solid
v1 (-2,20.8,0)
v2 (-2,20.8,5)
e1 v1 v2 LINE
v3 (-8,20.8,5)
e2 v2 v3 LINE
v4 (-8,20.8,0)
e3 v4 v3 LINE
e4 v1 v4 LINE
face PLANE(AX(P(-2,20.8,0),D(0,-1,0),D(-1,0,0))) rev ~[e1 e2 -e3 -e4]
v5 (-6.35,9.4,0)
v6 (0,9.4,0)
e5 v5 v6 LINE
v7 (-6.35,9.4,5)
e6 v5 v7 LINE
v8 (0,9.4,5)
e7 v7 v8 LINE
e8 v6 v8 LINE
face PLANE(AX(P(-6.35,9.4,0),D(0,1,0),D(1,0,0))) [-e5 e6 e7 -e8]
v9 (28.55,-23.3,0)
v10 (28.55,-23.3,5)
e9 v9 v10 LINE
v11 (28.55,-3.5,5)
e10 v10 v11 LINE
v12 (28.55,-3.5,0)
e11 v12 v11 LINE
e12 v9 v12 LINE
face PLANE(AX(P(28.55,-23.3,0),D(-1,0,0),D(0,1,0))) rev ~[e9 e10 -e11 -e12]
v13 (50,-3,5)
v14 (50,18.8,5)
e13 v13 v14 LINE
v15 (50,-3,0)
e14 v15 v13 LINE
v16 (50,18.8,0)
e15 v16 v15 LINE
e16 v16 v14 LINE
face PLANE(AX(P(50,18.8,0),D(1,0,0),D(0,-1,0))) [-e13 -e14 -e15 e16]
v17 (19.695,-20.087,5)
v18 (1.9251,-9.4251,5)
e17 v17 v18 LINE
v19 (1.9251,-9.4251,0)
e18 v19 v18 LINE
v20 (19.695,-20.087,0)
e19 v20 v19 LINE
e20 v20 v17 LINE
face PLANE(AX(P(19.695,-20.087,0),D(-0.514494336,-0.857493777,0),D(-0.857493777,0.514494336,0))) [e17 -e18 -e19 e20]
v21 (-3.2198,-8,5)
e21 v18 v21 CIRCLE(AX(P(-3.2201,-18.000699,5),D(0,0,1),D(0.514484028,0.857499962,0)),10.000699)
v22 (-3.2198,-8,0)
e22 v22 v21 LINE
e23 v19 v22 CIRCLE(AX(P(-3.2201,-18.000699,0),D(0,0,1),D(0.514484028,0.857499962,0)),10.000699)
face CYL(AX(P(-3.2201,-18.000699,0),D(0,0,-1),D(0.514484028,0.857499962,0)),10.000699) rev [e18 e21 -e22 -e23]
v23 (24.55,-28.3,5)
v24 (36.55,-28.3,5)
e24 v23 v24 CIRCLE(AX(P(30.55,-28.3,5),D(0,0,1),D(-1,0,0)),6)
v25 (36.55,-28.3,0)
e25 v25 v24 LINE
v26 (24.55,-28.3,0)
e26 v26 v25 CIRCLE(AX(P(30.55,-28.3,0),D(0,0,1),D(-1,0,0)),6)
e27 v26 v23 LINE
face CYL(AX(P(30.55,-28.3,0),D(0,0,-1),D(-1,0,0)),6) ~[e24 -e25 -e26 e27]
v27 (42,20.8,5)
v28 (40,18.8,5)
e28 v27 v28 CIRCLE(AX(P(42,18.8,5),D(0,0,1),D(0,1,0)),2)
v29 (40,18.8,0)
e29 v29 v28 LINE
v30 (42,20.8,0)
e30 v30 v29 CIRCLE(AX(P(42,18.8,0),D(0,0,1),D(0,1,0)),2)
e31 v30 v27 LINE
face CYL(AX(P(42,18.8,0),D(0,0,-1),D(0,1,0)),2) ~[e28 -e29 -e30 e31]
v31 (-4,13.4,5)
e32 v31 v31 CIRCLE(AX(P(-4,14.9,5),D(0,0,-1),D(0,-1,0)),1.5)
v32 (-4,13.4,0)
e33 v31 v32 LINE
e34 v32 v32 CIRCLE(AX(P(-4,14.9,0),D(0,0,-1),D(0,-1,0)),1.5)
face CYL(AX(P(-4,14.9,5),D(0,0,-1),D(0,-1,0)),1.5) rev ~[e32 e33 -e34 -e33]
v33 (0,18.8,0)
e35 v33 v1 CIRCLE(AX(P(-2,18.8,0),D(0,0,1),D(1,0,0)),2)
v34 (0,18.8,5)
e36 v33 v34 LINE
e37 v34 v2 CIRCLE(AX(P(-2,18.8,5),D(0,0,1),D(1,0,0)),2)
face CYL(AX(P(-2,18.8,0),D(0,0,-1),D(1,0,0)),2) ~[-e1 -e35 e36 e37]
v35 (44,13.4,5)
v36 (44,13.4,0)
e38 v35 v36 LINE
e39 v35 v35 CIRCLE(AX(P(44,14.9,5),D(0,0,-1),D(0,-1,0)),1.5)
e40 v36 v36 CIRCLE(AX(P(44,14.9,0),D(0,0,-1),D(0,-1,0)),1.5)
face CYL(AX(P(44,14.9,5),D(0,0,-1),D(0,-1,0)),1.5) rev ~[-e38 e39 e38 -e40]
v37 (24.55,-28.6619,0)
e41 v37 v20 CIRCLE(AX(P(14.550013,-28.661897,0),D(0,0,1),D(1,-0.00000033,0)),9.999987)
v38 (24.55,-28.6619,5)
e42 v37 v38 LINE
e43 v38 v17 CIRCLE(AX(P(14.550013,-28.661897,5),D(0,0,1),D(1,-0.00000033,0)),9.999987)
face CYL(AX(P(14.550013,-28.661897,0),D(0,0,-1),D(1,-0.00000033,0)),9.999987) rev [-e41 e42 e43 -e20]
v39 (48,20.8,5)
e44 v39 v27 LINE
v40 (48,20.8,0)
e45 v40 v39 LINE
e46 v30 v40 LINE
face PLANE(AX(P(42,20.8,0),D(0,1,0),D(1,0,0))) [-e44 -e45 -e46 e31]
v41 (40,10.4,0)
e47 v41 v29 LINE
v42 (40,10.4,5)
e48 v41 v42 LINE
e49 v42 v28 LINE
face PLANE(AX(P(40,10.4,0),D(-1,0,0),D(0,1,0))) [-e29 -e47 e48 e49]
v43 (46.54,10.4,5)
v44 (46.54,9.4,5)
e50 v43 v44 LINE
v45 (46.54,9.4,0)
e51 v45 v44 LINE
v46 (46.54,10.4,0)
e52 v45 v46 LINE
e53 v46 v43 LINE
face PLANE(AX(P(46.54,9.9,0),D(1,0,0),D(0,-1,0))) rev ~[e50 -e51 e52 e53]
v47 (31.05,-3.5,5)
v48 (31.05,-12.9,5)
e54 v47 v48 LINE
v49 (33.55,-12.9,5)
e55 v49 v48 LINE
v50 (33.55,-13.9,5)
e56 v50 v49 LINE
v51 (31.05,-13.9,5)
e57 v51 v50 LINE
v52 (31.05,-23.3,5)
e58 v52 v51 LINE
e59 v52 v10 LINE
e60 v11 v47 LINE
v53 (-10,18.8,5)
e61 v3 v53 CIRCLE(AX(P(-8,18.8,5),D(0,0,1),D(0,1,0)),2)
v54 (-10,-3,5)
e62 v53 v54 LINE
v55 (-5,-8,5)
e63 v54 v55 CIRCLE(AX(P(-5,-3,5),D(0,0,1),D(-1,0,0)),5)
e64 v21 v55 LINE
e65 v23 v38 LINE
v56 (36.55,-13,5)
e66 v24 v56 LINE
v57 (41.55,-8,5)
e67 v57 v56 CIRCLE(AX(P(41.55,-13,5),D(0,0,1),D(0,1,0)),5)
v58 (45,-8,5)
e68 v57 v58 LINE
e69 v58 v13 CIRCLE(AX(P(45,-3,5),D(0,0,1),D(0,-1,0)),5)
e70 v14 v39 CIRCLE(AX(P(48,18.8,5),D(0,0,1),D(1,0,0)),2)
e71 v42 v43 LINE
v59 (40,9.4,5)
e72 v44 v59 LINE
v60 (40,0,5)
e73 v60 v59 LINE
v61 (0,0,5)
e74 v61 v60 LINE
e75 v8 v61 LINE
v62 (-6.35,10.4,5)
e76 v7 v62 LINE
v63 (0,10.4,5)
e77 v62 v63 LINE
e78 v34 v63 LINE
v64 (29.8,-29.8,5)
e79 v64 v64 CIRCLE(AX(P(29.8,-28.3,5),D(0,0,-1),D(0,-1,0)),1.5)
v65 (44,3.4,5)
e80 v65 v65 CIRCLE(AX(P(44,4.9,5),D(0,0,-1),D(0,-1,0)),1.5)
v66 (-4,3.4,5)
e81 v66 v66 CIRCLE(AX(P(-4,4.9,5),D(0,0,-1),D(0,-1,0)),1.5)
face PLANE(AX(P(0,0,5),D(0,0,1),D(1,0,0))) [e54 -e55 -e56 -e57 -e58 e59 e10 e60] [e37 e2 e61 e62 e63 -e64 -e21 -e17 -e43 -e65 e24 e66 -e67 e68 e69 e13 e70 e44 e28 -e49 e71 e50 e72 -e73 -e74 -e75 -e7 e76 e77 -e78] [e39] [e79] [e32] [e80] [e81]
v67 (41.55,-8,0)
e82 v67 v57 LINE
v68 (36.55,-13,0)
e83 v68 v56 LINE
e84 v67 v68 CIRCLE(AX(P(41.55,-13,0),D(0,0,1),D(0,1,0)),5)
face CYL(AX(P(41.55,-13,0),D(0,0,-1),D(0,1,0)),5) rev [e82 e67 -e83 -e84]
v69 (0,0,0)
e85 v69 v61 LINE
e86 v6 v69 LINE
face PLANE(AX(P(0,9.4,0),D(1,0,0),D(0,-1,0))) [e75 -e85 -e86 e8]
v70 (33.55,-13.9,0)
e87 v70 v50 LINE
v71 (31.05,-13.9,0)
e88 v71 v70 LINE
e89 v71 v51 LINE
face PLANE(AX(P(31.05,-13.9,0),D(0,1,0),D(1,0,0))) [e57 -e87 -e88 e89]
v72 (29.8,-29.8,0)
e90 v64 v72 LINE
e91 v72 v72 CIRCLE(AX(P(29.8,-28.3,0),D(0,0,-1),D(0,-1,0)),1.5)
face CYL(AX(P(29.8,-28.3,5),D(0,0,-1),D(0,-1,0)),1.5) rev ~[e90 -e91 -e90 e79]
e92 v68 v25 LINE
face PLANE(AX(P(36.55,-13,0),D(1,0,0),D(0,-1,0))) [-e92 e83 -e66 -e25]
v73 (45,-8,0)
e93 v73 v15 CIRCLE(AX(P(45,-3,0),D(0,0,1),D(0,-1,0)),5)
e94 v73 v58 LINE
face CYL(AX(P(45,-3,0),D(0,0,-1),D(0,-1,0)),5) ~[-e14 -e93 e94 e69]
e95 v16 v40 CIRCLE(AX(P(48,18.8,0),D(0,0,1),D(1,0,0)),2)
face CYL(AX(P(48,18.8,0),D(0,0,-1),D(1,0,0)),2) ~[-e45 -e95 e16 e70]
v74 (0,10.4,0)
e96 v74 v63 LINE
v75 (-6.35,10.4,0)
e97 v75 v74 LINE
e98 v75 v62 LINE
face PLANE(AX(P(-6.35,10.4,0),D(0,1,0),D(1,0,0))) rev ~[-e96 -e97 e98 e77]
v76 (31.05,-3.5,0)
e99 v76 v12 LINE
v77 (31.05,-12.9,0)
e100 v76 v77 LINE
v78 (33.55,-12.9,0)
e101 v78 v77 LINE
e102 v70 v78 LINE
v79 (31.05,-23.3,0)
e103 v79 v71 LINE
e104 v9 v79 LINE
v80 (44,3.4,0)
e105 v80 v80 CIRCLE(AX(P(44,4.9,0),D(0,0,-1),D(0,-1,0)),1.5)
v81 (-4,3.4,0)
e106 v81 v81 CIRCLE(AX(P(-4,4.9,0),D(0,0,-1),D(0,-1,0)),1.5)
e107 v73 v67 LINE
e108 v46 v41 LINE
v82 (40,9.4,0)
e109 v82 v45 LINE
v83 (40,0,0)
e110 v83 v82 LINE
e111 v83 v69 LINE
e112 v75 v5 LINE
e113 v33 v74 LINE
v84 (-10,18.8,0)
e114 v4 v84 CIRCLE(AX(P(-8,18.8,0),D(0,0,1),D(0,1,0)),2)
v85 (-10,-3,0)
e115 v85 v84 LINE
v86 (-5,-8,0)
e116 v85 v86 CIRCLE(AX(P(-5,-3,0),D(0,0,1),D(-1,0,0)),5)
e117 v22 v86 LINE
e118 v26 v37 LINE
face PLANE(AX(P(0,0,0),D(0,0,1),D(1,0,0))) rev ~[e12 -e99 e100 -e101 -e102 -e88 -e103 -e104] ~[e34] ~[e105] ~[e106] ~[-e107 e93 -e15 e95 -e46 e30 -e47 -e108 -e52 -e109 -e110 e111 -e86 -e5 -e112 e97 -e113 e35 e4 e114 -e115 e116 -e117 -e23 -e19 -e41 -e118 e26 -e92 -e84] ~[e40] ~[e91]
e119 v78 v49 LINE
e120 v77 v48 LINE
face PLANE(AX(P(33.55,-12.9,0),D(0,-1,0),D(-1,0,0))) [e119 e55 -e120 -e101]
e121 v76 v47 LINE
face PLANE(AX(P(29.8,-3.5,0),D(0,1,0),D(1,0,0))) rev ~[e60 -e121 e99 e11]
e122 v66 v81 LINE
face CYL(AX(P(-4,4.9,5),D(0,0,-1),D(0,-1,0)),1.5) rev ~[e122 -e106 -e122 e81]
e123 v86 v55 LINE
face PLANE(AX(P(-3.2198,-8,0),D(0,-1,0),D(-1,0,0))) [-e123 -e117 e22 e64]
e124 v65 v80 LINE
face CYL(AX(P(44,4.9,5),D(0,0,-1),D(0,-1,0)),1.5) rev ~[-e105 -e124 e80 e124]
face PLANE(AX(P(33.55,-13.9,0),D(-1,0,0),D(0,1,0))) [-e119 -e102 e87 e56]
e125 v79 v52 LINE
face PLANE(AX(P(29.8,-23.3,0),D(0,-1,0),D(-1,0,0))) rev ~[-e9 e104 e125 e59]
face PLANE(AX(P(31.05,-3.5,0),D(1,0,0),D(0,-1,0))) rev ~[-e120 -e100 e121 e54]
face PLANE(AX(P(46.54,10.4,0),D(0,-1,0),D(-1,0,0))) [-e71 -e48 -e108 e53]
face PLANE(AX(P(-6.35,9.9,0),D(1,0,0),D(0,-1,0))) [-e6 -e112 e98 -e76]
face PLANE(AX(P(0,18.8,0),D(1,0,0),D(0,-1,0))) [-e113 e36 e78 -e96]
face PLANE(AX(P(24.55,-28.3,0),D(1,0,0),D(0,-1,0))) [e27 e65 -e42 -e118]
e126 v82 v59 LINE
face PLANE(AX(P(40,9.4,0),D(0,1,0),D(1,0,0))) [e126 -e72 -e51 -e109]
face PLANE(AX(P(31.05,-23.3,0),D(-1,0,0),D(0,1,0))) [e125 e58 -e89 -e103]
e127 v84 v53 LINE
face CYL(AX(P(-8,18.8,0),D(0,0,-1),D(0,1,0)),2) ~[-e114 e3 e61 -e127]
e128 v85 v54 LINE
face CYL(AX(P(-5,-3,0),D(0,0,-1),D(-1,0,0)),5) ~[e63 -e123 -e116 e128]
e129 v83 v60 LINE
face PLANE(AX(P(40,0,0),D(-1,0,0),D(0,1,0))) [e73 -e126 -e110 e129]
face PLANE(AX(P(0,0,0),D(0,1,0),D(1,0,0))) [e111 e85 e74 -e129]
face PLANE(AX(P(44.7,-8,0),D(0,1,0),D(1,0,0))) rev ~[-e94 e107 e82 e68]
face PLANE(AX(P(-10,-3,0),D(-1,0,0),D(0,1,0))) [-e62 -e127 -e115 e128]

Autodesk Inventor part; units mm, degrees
ref_plane "YZ Plane" through (0, 0, 0) normal (1, 0, 0) x (0, 1, 0)
ref_plane "XZ Plane" through (0, 0, 0) normal (0, 1, 0) x (-1, 0, 0)
ref_plane "XY Plane" through (0, 0, 0) normal (0, 0, 1) x (1, 0, 0)
sketch "Sketch1" plane through (0, 0, 0) normal (0, 0, 1) x (1, 0, 0)
  line L0 (28.55, -23.3) -> (28.55, -3.5)
  line L1 (28.55, -23.3) -> (28.55, -3.5)
  line L2 (31.05, -23.3) -> (31.05, -13.9)
  line L3 (31.05, -23.3) -> (28.55, -23.3)
  line L4 (28.55, -3.5) -> (29.8, -3.5)
  line L5 (28.55, -3.5) -> (31.05, -3.5)
  line L6 (29.8, -3.5) -> (31.05, -3.5)
  line L7 (31.05, -3.5) -> (31.05, -12.9)
  line L8 (31.05, -12.9) -> (31.05, -3.5)
  line L9 (31.05, -13.9) -> (33.55, -13.9)
  line L10 (0, 0) -> (40, 0)
  line L11 (0, 0) -> (39.7, 0)
  line L12 (19.695, -20.087) -> (1.9251, -9.4251)
  line L13 (1.9251, -9.4251) -> (19.695, -20.087)
  line L14 (40, 9.4) -> (46.2, 9.4)
  line L15 (46.54, 9.4) -> (40, 9.4)
  line L16 (46.54, 9.9) -> (46.54, 9.4)
  line L17 (46.2, 10.4) -> (40, 10.4)
  line L18 (46.54, 9.9) -> (46.54, 10.4)
  line L19 (50, 18.8) -> (50, 0)
  line L20 (40, 10.4) -> (40, 18.8)
  line L21 (46.54, 10.4) -> (40, 10.4)
  line L22 (40, 0) -> (40, 9.4)
  line L23 (50, -3) -> (50, 0)
  arc A0 (-8, 20.8) -> (-10, 18.8) centre (-8, 18.8) ccw
  arc A1 (-8, 20.8) -> (-10, 18.8) centre (-8, 18.8) ccw
  line L24 (-2, 20.8) -> (-8, 20.8)
  line L25 (-8, 20.8) -> (-2, 20.8)
  arc A2 (0, 18.8) -> (-2, 20.8) centre (-2, 18.8) ccw
  arc A3 (0, 18.8) -> (-2, 20.8) centre (-2, 18.8) ccw
  arc A4 (24.55, -28.6619) -> (19.695, -20.087) centre (14.55, -28.6619) ccw
  arc A5 (24.55, -28.6619) -> (19.695, -20.087) centre (14.55, -28.6619) ccw
  line L26 (24.55, -28.3) -> (24.55, -28.6619)
  line L27 (24.55, -28.6619) -> (24.55, -28.3)
  arc A6 (42, 20.8) -> (40, 18.8) centre (42, 18.8) ccw
  line L28 (41.7, 20.8) -> (47.7, 20.8)
  line L29 (42, 20.8) -> (48, 20.8)
  arc A7 (47.85, 20.7944) -> (47.7, 20.8) centre (47.7, 18.8) ccw
  arc A8 (50, 18.8) -> (48, 20.8) centre (48, 18.8) ccw
  arc A9 (24.55, -28.3) -> (36.55, -28.3) centre (30.55, -28.3) ccw
  line L30 (29.8, -23.3) -> (29.8, -28.3)
  line L31 (33.55, -13.9) -> (33.55, -12.9)
  line L32 (33.55, -12.9) -> (31.05, -12.9)
  line L33 (36.55, -13) -> (36.55, -14.9)
  line L34 (31.05, -23.3) -> (28.55, -23.3)
  line L35 (31.05, -13.9) -> (31.05, -23.3)
  line L36 (33.55, -13.9) -> (31.05, -13.9)
  line L37 (31.05, -12.9) -> (33.55, -12.9)
  line L38 (33.55, -12.9) -> (33.55, -13.9)
  line L39 (36.55, -14.9) -> (36.55, -28.3)
  line L40 (36.55, -13) -> (36.55, -28.3)
  arc A10 (24.55, -28.3) -> (36.55, -28.3) centre (30.55, -28.3) ccw
  arc A11 (-10, -3) -> (-5, -8) centre (-5, -3) ccw
  line L41 (-3.2198, -8) -> (-5, -8)
  arc A12 (1.9251, -9.4251) -> (-3.2198, -8) centre (-3.2198, -18) ccw
  arc A13 (1.9251, -9.4251) -> (-3.2198, -8) centre (-3.2198, -18) ccw
  line L42 (-3.2198, -8) -> (-5, -8)
  arc A14 (-10, -3) -> (-5, -8) centre (-5, -3) ccw
  line L43 (41.55, -8) -> (45, -8)
  arc A15 (45, -8) -> (50, -3) centre (45, -3) ccw
  arc A16 (41.55, -8) -> (36.55, -13) centre (41.55, -13) ccw
  line L44 (44.7, -8) -> (41.55, -8)
  arc A17 (41.55, -8) -> (36.55, -13) centre (41.55, -13) ccw
  line L45 (0, 18.8) -> (0, 10.4)
  line L46 (0, 18.8) -> (0, 10.4)
  line L47 (-6.35, 9.4) -> (0, 9.4)
  line L48 (-6.35, 10.4) -> (0, 10.4)
  line L49 (0, 10.4) -> (-6.5, 10.4)
  line L50 (-6.5, 9.4) -> (0, 9.4)
  line L51 (0, 9.4) -> (0, 0)
  line L52 (0, 9.4) -> (0, 0)
  line L53 (-6.35, 9.9) -> (-6.35, 9.4)
  line L54 (-6.35, 9.9) -> (-6.35, 10.4)
  line L55 (-6.5, 10.4) -> (-6.5, 9.4)
  line L56 (-10, 18.8) -> (-10, 0)
  line L57 (-10, -3) -> (-10, 18.8)
  line L58 (-10, 0) -> (-10, -3)
  arc A18 (44.7, -8) -> (44.85, -7.9977) centre (44.7, -3) ccw
  point P0 (-10, 20.8)
  point P1 (0, 20.8)
  dimension "d59" = 1.25
  dimension "d60" = 2.5
  dimension "d61" = 19.8
  dimension "d62" = 5
  dimension "d63" = 9.4
  dimension "d64" = 2.5
  dimension "d65" = 1
  dimension "d66" = 1
  dimension "d67" = 1
  dimension "d68" = 5
  dimension "d69" = 10
  dimension "d70" = 10
  dimension "d71" = 2
  dimension "d81" = 40
  dimension "d82" = 40
  dimension "d83" = 10
  dimension "d84" = 10
  dimension "d88" = 6.75
extrude "Extrusion1" add sketch "Sketch1" along normal blind 5
sketch "Sketch3" plane through (0, 0, 5) normal (0, 0, 1) x (1, 0, 0)
  line L0 (28.55, -23.3) -> (28.55, -3.5)
  line L1 (28.55, -23.3) -> (28.55, -3.5)
  line L2 (31.05, -23.3) -> (31.05, -13.9)
  line L3 (31.05, -23.3) -> (28.55, -23.3)
  line L4 (28.55, -3.5) -> (29.8, -3.5)
  line L5 (28.55, -3.5) -> (31.05, -3.5)
  line L6 (29.8, -3.5) -> (31.05, -3.5)
  line L7 (31.05, -3.5) -> (31.05, -12.9)
  line L8 (31.05, -12.9) -> (31.05, -3.5)
  line L9 (31.05, -13.9) -> (33.55, -13.9)
  line L10 (0, 0) -> (40, 0)
  line L11 (0, 0) -> (39.7, 0)
  line L12 (19.695, -20.087) -> (1.9251, -9.4251)
  line L13 (1.9251, -9.4251) -> (19.695, -20.087)
  circle A0 centre (44, 4.9) radius 1.5
  line L14 (40, 9.4) -> (46.2, 9.4)
  line L15 (46.54, 9.4) -> (40, 9.4)
  line L16 (46.54, 9.9) -> (46.54, 9.4)
  line L17 (46.2, 10.4) -> (40, 10.4)
  line L18 (46.54, 9.9) -> (46.54, 10.4)
  line L19 (50, 18.8) -> (50, 0)
  circle A1 centre (44, 14.9) radius 1.5
  line L20 (40, 10.4) -> (40, 18.8)
  line L21 (46.54, 10.4) -> (40, 10.4)
  line L22 (40, 0) -> (40, 9.4)
  line L23 (50, -3) -> (50, 0)
  arc A2 (-8, 20.8) -> (-10, 18.8) centre (-8, 18.8) ccw
  arc A3 (-8, 20.8) -> (-10, 18.8) centre (-8, 18.8) ccw
  line L24 (-2, 20.8) -> (-8, 20.8)
  line L25 (-8, 20.8) -> (-2, 20.8)
  arc A4 (0, 18.8) -> (-2, 20.8) centre (-2, 18.8) ccw
  arc A5 (0, 18.8) -> (-2, 20.8) centre (-2, 18.8) ccw
  arc A6 (24.55, -28.6619) -> (19.695, -20.087) centre (14.55, -28.6619) ccw
  arc A7 (24.55, -28.6619) -> (19.695, -20.087) centre (14.55, -28.6619) ccw
  line L26 (24.55, -28.3) -> (24.55, -28.6619)
  line L27 (24.55, -28.6619) -> (24.55, -28.3)
  arc A8 (42, 20.8) -> (40, 18.8) centre (42, 18.8) ccw
  line L28 (41.7, 20.8) -> (47.7, 20.8)
  line L29 (42, 20.8) -> (48, 20.8)
  arc A9 (47.85, 20.7944) -> (47.7, 20.8) centre (47.7, 18.8) ccw
  arc A10 (50, 18.8) -> (48, 20.8) centre (48, 18.8) ccw
  arc A11 (24.55, -28.3) -> (36.55, -28.3) centre (30.55, -28.3) ccw
  line L30 (29.8, -23.3) -> (29.8, -28.3)
  circle A12 centre (29.8, -28.3) radius 1.5
  line L31 (33.55, -13.9) -> (33.55, -12.9)
  line L32 (33.55, -12.9) -> (31.05, -12.9)
  line L33 (36.55, -13) -> (36.55, -14.9)
  line L34 (31.05, -23.3) -> (28.55, -23.3)
  line L35 (31.05, -13.9) -> (31.05, -23.3)
  line L36 (33.55, -13.9) -> (31.05, -13.9)
  line L37 (31.05, -12.9) -> (33.55, -12.9)
  line L38 (33.55, -12.9) -> (33.55, -13.9)
  line L39 (36.55, -14.9) -> (36.55, -28.3)
  line L40 (36.55, -13) -> (36.55, -28.3)
  arc A13 (24.55, -28.3) -> (36.55, -28.3) centre (30.55, -28.3) ccw
  arc A14 (-10, -3) -> (-5, -8) centre (-5, -3) ccw
  line L41 (-3.2198, -8) -> (-5, -8)
  arc A15 (1.9251, -9.4251) -> (-3.2198, -8) centre (-3.2198, -18) ccw
  arc A16 (1.9251, -9.4251) -> (-3.2198, -8) centre (-3.2198, -18) ccw
  line L42 (-3.2198, -8) -> (-5, -8)
  arc A17 (-10, -3) -> (-5, -8) centre (-5, -3) ccw
  line L43 (41.55, -8) -> (45, -8)
  arc A18 (45, -8) -> (50, -3) centre (45, -3) ccw
  arc A19 (41.55, -8) -> (36.55, -13) centre (41.55, -13) ccw
  line L44 (44.7, -8) -> (41.55, -8)
  arc A20 (41.55, -8) -> (36.55, -13) centre (41.55, -13) ccw
  line L45 (0, 18.8) -> (0, 10.4)
  line L46 (0, 18.8) -> (0, 10.4)
  line L47 (-6.35, 9.4) -> (0, 9.4)
  line L48 (-6.35, 10.4) -> (0, 10.4)
  line L49 (0, 10.4) -> (-6.5, 10.4)
  line L50 (-6.5, 9.4) -> (0, 9.4)
  line L51 (0, 9.4) -> (0, 0)
  line L52 (0, 9.4) -> (0, 0)
  circle A21 centre (-4, 14.9) radius 1.5
  circle A22 centre (-4, 4.9) radius 1.5
  line L53 (-6.35, 9.9) -> (-6.35, 9.4)
  line L54 (-6.35, 9.9) -> (-6.35, 10.4)
  line L55 (-6.5, 10.4) -> (-6.5, 9.4)
  line L56 (-10, 18.8) -> (-10, 0)
  line L57 (-10, -3) -> (-10, 18.8)
  line L58 (-10, 0) -> (-10, -3)
  arc A23 (44.7, -8) -> (44.85, -7.9977) centre (44.7, -3) ccw
  line L59 (50, 18.8) -> (50, -3) projected
  point P0 (-10, 20.8)
  point P1 (0, 20.8)
  dimension "d89" = 1.25
  dimension "d90" = 2.5
  dimension "d91" = 19.8
  dimension "d92" = 5
  dimension "d93" = 9.4
  dimension "d94" = 2.5
  dimension "d95" = 1
  dimension "d96" = 1
  dimension "d97" = 1
  dimension "d98" = 5
  dimension "d99" = 10
  dimension "d100" = 10
  dimension "d101" = 2
  dimension "d102" = 10
  dimension "d103" = 10
  dimension "d104" = 4.5
  dimension "d105" = 4.5
  dimension "d106" = 4.5
  dimension "d107" = 4.5
  dimension "d108" = 4
  dimension "d109" = 48
  dimension "d110" = 48
  dimension "d111" = 40
  dimension "d112" = 40
  dimension "d113" = 10
  dimension "d114" = 10
  dimension "d115" = 4
  dimension "d116" = 4
  dimension "d117" = 4
  dimension "d118" = 6.75
  dimension "d126" = 60
  dimension "d127" = 33.2
hole "Hole2" at (-4, 14.9, 5) at (-4, 4.9, 5) at (44, 14.9, 5) at (44, 4.9, 5) at (29.8, -28.3, 5) direction (0, 0, -1) diameter 3 end through all
properties part number "braket atas"
